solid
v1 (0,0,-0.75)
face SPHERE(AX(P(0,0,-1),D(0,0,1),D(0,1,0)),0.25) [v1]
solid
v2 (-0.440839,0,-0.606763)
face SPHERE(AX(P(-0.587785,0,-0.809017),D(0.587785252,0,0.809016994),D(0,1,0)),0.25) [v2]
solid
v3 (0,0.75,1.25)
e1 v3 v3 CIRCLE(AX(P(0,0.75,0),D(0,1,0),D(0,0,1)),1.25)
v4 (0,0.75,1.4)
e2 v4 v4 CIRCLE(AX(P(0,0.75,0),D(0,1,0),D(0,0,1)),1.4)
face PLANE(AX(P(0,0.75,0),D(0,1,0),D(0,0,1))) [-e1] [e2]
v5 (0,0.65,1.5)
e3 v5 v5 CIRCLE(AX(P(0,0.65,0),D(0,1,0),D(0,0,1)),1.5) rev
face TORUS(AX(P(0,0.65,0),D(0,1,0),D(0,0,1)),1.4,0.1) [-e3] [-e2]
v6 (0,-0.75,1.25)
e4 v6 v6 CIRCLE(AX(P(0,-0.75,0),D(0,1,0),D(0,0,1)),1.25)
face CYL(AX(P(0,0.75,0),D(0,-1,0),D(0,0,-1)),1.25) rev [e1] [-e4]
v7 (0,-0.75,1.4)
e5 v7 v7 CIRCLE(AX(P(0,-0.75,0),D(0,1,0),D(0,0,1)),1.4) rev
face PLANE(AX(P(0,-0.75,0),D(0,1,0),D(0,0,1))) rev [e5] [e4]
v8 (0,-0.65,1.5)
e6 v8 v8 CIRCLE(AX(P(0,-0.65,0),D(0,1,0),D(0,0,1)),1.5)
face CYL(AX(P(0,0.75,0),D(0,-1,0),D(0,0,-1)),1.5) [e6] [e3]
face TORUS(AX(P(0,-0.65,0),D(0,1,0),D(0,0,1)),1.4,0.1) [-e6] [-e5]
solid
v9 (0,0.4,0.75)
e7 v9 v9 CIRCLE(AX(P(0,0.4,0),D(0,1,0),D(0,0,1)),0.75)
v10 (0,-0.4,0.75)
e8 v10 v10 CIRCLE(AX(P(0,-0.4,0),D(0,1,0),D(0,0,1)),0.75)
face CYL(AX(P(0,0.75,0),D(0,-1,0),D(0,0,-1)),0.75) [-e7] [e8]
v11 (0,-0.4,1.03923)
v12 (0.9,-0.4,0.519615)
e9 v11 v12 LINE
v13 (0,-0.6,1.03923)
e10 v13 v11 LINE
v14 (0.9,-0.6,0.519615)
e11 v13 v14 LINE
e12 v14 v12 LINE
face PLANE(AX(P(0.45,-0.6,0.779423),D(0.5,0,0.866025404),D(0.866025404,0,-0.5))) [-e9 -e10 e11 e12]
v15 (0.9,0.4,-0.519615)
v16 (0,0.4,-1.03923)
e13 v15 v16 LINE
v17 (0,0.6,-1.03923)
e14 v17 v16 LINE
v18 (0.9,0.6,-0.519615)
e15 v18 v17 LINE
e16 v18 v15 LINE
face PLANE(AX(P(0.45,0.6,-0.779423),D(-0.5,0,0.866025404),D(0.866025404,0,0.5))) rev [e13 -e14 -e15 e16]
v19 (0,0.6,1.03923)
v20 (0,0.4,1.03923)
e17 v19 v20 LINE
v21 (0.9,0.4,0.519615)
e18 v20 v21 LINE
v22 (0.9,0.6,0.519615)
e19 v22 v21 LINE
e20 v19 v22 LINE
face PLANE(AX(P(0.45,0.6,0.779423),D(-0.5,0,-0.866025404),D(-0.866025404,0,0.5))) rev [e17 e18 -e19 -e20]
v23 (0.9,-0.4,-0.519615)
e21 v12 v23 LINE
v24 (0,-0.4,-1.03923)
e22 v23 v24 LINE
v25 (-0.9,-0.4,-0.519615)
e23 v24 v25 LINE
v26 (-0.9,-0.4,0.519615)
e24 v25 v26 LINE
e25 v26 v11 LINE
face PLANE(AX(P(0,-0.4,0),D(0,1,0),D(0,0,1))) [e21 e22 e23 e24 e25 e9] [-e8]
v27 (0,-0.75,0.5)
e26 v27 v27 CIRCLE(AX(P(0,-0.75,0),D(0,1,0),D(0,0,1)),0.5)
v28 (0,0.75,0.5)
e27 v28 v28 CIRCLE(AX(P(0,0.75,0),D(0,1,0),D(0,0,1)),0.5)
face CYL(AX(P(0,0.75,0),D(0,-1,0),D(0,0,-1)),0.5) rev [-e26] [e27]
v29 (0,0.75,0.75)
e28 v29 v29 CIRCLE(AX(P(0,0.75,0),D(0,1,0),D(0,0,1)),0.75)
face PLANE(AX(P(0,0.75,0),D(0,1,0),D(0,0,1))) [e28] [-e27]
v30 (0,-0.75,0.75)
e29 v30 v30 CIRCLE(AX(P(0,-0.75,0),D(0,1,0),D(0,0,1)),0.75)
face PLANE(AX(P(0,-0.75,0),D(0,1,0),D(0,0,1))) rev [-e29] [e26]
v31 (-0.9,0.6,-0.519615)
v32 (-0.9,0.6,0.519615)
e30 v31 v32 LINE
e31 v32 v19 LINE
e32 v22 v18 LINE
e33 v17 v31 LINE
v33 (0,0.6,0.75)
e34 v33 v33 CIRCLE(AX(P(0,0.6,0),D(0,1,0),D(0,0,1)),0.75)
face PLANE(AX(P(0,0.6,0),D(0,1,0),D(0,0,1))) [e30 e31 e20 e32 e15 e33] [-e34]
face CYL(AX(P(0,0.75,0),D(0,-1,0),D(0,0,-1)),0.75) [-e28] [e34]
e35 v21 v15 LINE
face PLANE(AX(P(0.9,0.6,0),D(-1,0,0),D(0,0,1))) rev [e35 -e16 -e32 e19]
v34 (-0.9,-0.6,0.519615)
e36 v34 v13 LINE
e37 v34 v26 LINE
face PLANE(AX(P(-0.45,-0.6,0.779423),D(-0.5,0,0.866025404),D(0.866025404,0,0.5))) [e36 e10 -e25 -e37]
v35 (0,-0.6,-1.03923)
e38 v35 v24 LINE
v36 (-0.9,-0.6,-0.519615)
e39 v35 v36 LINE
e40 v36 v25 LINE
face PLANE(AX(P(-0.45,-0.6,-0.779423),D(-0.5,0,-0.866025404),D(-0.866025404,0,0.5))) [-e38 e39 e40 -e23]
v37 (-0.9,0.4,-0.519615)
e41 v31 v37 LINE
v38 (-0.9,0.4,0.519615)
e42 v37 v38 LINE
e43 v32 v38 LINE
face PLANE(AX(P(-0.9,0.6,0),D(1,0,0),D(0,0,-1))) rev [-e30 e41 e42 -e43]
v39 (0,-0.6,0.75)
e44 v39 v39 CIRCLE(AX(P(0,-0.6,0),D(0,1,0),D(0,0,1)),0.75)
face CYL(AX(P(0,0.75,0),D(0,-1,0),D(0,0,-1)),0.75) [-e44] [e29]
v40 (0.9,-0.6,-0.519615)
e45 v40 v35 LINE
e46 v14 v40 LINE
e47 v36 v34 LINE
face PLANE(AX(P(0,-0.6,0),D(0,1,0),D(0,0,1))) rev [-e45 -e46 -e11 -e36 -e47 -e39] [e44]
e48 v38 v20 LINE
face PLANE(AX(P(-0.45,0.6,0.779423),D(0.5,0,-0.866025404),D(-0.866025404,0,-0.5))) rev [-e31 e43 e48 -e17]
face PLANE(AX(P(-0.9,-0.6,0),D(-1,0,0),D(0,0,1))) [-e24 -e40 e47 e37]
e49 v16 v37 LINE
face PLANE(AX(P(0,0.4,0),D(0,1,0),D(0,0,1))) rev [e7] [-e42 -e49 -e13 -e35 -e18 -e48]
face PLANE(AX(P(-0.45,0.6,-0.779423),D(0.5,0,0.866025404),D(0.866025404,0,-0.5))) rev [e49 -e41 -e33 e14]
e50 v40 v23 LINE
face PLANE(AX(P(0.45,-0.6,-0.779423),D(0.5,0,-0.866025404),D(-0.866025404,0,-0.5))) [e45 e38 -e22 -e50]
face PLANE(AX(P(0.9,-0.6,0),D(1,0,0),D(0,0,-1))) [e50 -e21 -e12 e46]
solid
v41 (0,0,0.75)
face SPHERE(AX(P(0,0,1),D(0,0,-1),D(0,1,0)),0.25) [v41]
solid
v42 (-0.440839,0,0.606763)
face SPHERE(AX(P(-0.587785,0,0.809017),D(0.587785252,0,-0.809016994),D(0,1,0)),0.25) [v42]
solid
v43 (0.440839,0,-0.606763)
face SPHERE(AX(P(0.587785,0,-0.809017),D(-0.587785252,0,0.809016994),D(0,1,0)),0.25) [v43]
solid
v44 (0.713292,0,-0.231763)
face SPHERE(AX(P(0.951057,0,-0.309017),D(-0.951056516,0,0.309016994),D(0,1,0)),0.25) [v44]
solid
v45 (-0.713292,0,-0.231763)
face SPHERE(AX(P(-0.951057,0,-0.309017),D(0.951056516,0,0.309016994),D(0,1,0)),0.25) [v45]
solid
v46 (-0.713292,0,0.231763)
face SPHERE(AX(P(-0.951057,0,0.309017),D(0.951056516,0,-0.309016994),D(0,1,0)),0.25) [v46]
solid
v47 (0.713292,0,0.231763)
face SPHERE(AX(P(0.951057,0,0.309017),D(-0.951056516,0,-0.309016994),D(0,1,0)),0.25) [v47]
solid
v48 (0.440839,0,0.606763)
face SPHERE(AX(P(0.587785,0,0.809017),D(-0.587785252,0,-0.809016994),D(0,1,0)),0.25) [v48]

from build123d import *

# Parameters (mm, degrees)
SKETCH1_R             = 0.75
SKETCH1_R_2           = 0.5
BOSS_EXTRUDE1_DEPTH   = 0.75
SKETCH1_R_3           = 1.5
SKETCH1_R_4           = 1.25
BOSS_EXTRUDE1_2_DEPTH = 0.75
BOSS_EXTRUDE2_START   = 0.6
SKETCH1_3_R           = 0.75
BOSS_EXTRUDE2_DEPTH   = 0.2
BOSS_EXTRUDE3_START   = -0.4
SKETCH1_4_R           = 0.75
BOSS_EXTRUDE3_DEPTH   = 0.2
CIRPATTERN4_COUNT     = 10
FILLET1_R             = 0.1


with BuildPart() as part:
    # Sketch1 → Boss-Extrude1 (new, symmetric)
    with BuildSketch(Plane(origin=(0, 0, 0), x_dir=(1, 0, 0), z_dir=(0, 1, 0))):
        with Locations(Location((0, 0, 0), (0, 0, 270))):
            Circle(SKETCH1_R)
        with Locations(Location((0, 0, 0), (0, 0, 270))):
            Circle(SKETCH1_R_2, mode=Mode.SUBTRACT)
    extrude(amount=BOSS_EXTRUDE1_DEPTH, both=True)

    # Sketch1<3> → Boss-Extrude2 (add)
    with BuildSketch(Plane(origin=(0, 0, 0), x_dir=(1, 0, 0), z_dir=(0, 1, 0)).offset(BOSS_EXTRUDE2_START)):
        Polygon((0, 1.039230485), (-0.9, 0.519615242), (-0.9, -0.519615242), (0, -1.039230485), (0.9, -0.519615242), (0.9, 0.519615242), align=None)
        with Locations(Location((0, 0, 0), (0, 0, 270))):
            Circle(SKETCH1_3_R, mode=Mode.SUBTRACT)
    extrude(amount=-BOSS_EXTRUDE2_DEPTH)

    # Sketch1<4> → Boss-Extrude3 (add)
    with BuildSketch(Plane(origin=(0, 0, 0), x_dir=(1, 0, 0), z_dir=(0, 1, 0)).offset(BOSS_EXTRUDE3_START)):
        Polygon((0, 1.039230485), (-0.9, 0.519615242), (-0.9, -0.519615242), (0, -1.039230485), (0.9, -0.519615242), (0.9, 0.519615242), align=None)
        with Locations(Location((0, 0, 0), (0, 0, 270))):
            Circle(SKETCH1_4_R, mode=Mode.SUBTRACT)
    extrude(amount=-BOSS_EXTRUDE3_DEPTH)


with BuildPart() as body_2:
    # Sketch1 → Boss-Extrude1 2 (new, symmetric)
    with BuildSketch(Plane(origin=(0, 0, 0), x_dir=(1, 0, 0), z_dir=(0, 1, 0))):
        with Locations(Location((0, 0, 0), (0, 0, 270))):
            Circle(SKETCH1_R_3)
        with Locations(Location((0, 0, 0), (0, 0, 270))):
            Circle(SKETCH1_R_4, mode=Mode.SUBTRACT)
    extrude(amount=BOSS_EXTRUDE1_2_DEPTH, both=True)

    # Fillet1
    fillet1_edges = [body_2.edges().sort_by_distance(p)[0] for p in [
        (0, 0.75, -1.5),
        (0, -0.75, -1.5),
    ]]
    fillet(fillet1_edges, radius=FILLET1_R)


with BuildPart() as body_3:
    # Sketch2 → Revolve1 (revolve)
    with BuildSketch(Plane(origin=(0, 0, 0), x_dir=(0, 0, -1), z_dir=(1, 0, 0))):
        with BuildLine():
            ThreePointArc((0.75, 0), (1, 0.25), (1.25, 0))
            Line((1.25, 0), (0.75, 0))
        make_face()
    revolve(axis=Axis((0, 0, -0.75), (0, 0, -1)))


with BuildPart() as cirpattern4_1:
    # CirPattern4: pattern copy
    add(body_3.part.rotate(Axis((0, 0, 0), (0, 1, 0)), 1 * 360 / CIRPATTERN4_COUNT))


with BuildPart() as cirpattern4_2:
    # CirPattern4: pattern copy
    add(body_3.part.rotate(Axis((0, 0, 0), (0, 1, 0)), 2 * 360 / CIRPATTERN4_COUNT))


with BuildPart() as cirpattern4_3:
    # CirPattern4: pattern copy
    add(body_3.part.rotate(Axis((0, 0, 0), (0, 1, 0)), 3 * 360 / CIRPATTERN4_COUNT))


with BuildPart() as cirpattern4_4:
    # CirPattern4: pattern copy
    add(body_3.part.rotate(Axis((0, 0, 0), (0, 1, 0)), 4 * 360 / CIRPATTERN4_COUNT))


with BuildPart() as cirpattern4_5:
    # CirPattern4: pattern copy
    add(body_3.part.rotate(Axis((0, 0, 0), (0, 1, 0)), 5 * 360 / CIRPATTERN4_COUNT))


with BuildPart() as cirpattern4_6:
    # CirPattern4: pattern copy
    add(body_3.part.rotate(Axis((0, 0, 0), (0, 1, 0)), 6 * 360 / CIRPATTERN4_COUNT))


with BuildPart() as cirpattern4_7:
    # CirPattern4: pattern copy
    add(body_3.part.rotate(Axis((0, 0, 0), (0, 1, 0)), 7 * 360 / CIRPATTERN4_COUNT))


with BuildPart() as cirpattern4_8:
    # CirPattern4: pattern copy
    add(body_3.part.rotate(Axis((0, 0, 0), (0, 1, 0)), 8 * 360 / CIRPATTERN4_COUNT))


with BuildPart() as cirpattern4_9:
    # CirPattern4: pattern copy
    add(body_3.part.rotate(Axis((0, 0, 0), (0, 1, 0)), 9 * 360 / CIRPATTERN4_COUNT))


solid = Compound([part.part, body_2.part, body_3.part, cirpattern4_1.part, cirpattern4_2.part, cirpattern4_3.part, cirpattern4_4.part, cirpattern4_5.part, cirpattern4_6.part, cirpattern4_7.part, cirpattern4_8.part, cirpattern4_9.part])
